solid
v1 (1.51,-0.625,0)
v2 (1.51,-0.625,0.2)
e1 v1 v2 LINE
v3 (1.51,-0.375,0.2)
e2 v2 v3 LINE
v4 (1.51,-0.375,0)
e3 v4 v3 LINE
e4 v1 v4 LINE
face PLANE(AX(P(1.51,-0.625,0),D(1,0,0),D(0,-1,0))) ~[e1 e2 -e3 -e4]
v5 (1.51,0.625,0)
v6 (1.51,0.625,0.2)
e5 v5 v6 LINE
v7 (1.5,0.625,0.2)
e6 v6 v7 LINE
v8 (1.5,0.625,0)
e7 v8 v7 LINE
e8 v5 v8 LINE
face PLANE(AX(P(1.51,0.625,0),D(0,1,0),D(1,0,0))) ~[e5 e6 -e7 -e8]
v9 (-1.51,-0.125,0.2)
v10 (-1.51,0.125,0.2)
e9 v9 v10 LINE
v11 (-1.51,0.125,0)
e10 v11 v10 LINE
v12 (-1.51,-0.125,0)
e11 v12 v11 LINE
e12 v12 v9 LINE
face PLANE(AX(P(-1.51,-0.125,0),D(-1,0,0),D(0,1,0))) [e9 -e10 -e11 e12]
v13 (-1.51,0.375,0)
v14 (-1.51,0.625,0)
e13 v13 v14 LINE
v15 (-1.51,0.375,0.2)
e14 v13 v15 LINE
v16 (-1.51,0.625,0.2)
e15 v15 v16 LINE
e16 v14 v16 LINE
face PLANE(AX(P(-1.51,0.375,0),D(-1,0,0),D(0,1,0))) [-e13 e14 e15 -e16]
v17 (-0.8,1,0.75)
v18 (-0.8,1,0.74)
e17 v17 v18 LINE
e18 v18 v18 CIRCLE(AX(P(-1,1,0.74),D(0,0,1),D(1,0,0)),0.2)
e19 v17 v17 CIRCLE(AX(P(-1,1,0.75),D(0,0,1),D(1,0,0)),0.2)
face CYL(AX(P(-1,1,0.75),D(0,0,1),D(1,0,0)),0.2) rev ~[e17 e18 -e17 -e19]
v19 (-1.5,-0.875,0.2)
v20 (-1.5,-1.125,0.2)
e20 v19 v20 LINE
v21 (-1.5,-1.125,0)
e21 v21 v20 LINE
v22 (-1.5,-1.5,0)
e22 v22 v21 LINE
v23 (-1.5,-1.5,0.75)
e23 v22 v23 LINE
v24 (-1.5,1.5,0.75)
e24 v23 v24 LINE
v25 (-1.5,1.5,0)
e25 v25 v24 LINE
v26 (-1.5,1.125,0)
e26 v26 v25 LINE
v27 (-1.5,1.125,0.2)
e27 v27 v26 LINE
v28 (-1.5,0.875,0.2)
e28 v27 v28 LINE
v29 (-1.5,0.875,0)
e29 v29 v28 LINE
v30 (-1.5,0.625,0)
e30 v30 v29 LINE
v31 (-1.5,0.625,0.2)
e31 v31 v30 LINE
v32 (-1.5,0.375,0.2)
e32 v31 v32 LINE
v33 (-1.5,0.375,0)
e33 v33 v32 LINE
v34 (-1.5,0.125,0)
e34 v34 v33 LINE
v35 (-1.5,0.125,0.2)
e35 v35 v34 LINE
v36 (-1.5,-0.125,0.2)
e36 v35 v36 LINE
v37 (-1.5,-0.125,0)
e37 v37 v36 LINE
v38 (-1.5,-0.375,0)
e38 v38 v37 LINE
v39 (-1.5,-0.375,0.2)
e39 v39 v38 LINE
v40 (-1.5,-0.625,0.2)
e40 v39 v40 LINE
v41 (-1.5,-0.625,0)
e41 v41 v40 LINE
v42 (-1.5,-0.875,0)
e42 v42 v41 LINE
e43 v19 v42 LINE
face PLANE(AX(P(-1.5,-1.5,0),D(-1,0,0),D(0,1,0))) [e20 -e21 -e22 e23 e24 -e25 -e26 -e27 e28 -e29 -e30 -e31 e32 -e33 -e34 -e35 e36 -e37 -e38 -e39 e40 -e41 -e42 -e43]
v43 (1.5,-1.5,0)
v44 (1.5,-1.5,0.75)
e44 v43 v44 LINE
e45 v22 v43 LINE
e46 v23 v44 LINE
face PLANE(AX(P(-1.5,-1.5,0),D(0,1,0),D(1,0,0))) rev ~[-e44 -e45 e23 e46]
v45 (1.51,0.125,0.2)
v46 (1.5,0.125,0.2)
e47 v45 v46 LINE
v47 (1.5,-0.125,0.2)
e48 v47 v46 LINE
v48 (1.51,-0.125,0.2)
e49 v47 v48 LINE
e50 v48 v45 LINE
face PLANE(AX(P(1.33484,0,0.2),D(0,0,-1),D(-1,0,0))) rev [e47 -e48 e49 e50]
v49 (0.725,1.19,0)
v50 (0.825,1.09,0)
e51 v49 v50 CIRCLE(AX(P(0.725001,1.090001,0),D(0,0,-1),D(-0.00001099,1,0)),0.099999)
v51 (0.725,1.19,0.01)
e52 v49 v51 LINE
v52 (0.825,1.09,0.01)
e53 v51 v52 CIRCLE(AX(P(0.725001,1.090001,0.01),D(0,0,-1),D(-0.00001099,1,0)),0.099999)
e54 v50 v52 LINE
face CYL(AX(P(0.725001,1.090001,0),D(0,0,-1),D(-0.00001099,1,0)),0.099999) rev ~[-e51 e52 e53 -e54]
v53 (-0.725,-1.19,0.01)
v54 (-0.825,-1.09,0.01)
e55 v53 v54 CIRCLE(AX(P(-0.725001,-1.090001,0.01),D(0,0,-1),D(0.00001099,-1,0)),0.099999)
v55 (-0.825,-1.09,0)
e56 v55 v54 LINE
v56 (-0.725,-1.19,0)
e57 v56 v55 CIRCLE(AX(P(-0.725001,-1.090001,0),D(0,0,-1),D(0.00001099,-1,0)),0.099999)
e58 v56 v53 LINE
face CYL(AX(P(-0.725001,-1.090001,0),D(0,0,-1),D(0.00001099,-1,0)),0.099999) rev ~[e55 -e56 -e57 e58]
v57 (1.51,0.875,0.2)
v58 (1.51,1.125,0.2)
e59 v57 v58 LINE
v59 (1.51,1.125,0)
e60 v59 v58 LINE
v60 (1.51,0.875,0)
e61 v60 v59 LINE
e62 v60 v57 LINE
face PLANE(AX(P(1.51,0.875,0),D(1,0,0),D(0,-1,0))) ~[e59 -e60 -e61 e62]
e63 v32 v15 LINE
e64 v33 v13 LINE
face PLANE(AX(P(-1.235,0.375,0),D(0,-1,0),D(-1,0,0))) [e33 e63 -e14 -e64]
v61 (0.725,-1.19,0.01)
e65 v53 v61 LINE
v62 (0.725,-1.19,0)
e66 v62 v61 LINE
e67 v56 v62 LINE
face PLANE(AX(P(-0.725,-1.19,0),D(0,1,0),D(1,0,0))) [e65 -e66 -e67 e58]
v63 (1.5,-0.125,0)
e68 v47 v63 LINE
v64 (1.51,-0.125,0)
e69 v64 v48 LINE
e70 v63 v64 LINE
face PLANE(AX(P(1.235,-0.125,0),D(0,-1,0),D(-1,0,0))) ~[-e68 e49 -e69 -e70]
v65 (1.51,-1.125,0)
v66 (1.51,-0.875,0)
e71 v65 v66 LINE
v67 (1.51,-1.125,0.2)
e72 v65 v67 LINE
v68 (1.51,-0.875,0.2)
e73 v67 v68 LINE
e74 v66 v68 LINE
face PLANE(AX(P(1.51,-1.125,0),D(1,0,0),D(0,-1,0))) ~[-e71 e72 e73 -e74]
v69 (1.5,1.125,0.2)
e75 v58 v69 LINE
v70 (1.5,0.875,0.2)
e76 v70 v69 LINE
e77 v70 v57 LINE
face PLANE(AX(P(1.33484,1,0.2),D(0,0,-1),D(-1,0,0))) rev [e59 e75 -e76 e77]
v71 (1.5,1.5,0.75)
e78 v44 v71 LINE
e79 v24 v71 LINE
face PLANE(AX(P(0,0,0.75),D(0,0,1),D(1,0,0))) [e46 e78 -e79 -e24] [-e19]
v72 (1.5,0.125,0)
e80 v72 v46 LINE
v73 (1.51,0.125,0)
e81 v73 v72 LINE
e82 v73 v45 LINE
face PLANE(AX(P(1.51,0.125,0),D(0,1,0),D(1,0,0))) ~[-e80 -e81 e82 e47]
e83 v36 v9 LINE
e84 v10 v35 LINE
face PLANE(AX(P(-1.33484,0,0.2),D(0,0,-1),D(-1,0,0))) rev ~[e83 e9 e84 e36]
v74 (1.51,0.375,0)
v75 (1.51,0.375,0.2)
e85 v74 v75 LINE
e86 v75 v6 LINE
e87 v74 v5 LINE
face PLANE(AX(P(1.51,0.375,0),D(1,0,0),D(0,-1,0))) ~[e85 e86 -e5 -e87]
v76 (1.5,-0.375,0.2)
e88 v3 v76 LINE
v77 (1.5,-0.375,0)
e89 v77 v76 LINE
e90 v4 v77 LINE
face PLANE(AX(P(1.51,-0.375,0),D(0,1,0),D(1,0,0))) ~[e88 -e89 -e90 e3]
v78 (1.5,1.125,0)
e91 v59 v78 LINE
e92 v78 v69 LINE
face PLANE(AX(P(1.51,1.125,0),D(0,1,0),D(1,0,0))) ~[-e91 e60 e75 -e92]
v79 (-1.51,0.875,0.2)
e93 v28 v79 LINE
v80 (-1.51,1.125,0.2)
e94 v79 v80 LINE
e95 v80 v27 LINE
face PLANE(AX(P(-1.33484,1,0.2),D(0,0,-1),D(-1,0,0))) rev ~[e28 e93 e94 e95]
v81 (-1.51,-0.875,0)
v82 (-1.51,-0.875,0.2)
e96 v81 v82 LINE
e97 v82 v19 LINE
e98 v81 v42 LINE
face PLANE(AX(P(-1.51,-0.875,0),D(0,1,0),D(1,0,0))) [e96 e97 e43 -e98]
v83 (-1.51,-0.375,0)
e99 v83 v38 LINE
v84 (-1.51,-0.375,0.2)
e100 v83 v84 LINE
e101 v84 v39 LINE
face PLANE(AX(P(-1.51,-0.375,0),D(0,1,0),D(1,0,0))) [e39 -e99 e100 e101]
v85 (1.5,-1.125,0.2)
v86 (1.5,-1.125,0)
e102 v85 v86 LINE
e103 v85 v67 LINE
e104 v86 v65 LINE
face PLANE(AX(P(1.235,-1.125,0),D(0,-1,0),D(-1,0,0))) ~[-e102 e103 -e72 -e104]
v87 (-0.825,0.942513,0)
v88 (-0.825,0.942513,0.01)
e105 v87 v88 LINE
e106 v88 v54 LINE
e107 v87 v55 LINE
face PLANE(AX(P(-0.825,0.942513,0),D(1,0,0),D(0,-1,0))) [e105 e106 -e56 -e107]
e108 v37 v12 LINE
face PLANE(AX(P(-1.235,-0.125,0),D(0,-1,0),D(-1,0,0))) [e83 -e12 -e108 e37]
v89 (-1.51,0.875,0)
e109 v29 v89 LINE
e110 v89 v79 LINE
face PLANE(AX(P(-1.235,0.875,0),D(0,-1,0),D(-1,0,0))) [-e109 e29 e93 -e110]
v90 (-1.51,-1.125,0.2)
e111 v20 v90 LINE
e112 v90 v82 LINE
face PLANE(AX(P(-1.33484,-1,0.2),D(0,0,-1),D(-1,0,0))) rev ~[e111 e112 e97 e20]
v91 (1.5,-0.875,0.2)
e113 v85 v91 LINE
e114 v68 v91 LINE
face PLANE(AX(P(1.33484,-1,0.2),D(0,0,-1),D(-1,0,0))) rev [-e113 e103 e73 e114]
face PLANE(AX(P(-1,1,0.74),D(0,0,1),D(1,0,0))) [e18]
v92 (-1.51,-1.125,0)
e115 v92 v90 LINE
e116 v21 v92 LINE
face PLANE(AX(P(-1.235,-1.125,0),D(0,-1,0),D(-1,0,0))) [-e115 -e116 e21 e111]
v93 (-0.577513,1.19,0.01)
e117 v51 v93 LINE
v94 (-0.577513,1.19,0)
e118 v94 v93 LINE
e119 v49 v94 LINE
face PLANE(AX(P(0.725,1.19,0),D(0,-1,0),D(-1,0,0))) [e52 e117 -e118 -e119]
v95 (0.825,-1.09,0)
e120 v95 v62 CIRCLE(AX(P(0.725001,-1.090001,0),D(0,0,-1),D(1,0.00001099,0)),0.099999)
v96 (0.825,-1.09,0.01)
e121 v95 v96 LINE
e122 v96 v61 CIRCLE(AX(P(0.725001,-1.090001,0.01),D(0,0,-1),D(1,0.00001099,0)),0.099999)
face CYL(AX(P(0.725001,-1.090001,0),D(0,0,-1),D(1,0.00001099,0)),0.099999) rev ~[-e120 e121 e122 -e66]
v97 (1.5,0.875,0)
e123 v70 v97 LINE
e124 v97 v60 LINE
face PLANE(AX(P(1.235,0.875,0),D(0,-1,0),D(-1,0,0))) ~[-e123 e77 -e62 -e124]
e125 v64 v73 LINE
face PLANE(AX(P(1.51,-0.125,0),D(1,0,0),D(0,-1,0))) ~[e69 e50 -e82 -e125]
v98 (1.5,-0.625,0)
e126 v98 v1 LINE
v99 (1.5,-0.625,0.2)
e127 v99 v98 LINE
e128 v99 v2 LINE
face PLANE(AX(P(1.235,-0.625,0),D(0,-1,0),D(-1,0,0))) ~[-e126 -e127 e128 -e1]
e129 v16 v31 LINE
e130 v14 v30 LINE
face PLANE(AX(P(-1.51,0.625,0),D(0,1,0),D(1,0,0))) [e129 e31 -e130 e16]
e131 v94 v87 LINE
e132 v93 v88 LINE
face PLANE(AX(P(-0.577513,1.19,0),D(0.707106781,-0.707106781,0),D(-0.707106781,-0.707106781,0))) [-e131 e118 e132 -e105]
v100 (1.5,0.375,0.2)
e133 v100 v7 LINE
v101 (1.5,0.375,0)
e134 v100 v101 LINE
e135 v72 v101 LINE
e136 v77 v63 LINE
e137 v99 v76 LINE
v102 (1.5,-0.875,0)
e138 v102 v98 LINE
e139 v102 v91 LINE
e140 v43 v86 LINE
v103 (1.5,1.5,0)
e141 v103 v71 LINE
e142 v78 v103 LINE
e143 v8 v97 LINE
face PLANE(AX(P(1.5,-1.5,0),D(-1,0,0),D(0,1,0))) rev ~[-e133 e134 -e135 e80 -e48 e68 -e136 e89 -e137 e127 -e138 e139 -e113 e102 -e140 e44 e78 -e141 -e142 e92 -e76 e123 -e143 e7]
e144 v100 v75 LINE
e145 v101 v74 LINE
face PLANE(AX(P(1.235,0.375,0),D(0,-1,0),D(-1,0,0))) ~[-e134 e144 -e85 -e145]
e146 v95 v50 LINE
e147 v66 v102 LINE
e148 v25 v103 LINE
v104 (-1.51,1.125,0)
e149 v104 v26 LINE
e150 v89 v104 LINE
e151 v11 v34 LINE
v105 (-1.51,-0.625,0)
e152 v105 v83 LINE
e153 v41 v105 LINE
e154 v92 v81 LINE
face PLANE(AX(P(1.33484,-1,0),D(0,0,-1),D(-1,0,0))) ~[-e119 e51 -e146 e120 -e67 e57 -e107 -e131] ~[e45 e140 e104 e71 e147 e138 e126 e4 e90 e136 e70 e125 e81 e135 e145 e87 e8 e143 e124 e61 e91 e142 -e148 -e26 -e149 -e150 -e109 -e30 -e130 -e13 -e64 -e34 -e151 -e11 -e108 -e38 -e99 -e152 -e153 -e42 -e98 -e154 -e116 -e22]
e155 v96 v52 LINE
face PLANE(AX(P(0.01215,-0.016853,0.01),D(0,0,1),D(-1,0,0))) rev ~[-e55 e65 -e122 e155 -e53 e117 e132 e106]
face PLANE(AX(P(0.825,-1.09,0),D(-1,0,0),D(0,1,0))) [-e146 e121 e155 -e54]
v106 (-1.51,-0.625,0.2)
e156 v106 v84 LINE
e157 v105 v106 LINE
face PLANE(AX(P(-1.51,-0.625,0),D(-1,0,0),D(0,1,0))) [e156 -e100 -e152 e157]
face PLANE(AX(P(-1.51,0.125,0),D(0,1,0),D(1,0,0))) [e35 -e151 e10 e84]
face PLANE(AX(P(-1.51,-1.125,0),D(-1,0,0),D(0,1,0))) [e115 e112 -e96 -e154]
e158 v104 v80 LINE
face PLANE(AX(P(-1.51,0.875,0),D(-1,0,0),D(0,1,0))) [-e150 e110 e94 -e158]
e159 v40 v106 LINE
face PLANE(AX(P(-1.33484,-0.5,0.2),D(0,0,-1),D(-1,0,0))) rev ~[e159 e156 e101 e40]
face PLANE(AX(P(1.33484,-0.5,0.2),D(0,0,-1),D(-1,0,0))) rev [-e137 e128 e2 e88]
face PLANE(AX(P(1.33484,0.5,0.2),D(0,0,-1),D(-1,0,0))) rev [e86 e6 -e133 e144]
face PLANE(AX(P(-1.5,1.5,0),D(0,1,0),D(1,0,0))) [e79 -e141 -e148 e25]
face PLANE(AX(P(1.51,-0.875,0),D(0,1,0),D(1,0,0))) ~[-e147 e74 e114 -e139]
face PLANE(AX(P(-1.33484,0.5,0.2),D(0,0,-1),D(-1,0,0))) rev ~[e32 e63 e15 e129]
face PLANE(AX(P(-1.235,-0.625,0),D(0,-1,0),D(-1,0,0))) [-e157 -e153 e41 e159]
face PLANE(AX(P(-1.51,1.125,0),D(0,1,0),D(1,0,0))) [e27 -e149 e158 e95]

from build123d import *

# Parameters (mm, degrees)
SKETCH001_W               = 3
SKETCH001_H               = 3
PAD001_DEPTH              = 0.75
PAD_DEPTH                 = 0.2
PAD_LINEARPATTERN_2_DEPTH = 0.2
PAD_LINEARPATTERN_3_DEPTH = 0.2
PAD_LINEARPATTERN_4_DEPTH = 0.2
PAD_LINEARPATTERN_5_DEPTH = 0.2
SKETCH002_R               = 0.2
POCKET_DEPTH              = 0.01
POCKET001_DEPTH           = 0.01


with BuildPart() as part:
    # Sketch001 → Pad001 (new body)
    with BuildSketch(Plane.XY):
        Rectangle(SKETCH001_W, SKETCH001_H)
    extrude(amount=PAD001_DEPTH)

    # Sketch → Pad (join)
    with BuildSketch(Plane.XY):
        with BuildLine():
            Line((-1.51, 1.125), (-1.235, 1.125))
            ThreePointArc((-1.235, 0.875), (-1.11, 1), (-1.235, 1.125))
            Line((-1.235, 0.875), (-1.51, 0.875))
            Line((-1.51, 0.875), (-1.51, 1.125))
        make_face()
    pad = extrude(amount=PAD_DEPTH)

    # Sketch LinearPattern 2 → Pad LinearPattern 2 (add)
    with BuildSketch(Plane(origin=(0, -0.5, 0), x_dir=(1, 0, 0), z_dir=(0, 0, 1))):
        with BuildLine():
            Line((-1.51, 1.125), (-1.235, 1.125))
            ThreePointArc((-1.235, 0.875), (-1.11, 1), (-1.235, 1.125))
            Line((-1.235, 0.875), (-1.51, 0.875))
            Line((-1.51, 0.875), (-1.51, 1.125))
        make_face()
    pad_linearpattern_2 = extrude(amount=PAD_LINEARPATTERN_2_DEPTH)

    # Sketch LinearPattern 3 → Pad LinearPattern 3 (add)
    with BuildSketch(Plane(origin=(0, -1, 0), x_dir=(1, 0, 0), z_dir=(0, 0, 1))):
        with BuildLine():
            Line((-1.51, 1.125), (-1.235, 1.125))
            ThreePointArc((-1.235, 0.875), (-1.11, 1), (-1.235, 1.125))
            Line((-1.235, 0.875), (-1.51, 0.875))
            Line((-1.51, 0.875), (-1.51, 1.125))
        make_face()
    pad_linearpattern_3 = extrude(amount=PAD_LINEARPATTERN_3_DEPTH)

    # Sketch LinearPattern 4 → Pad LinearPattern 4 (add)
    with BuildSketch(Plane(origin=(0, -1.5, 0), x_dir=(1, 0, 0), z_dir=(0, 0, 1))):
        with BuildLine():
            Line((-1.51, 1.125), (-1.235, 1.125))
            ThreePointArc((-1.235, 0.875), (-1.11, 1), (-1.235, 1.125))
            Line((-1.235, 0.875), (-1.51, 0.875))
            Line((-1.51, 0.875), (-1.51, 1.125))
        make_face()
    pad_linearpattern_4 = extrude(amount=PAD_LINEARPATTERN_4_DEPTH)

    # Sketch LinearPattern 5 → Pad LinearPattern 5 (add)
    with BuildSketch(Plane(origin=(0, -2, 0), x_dir=(1, 0, 0), z_dir=(0, 0, 1))):
        with BuildLine():
            Line((-1.51, 1.125), (-1.235, 1.125))
            ThreePointArc((-1.235, 0.875), (-1.11, 1), (-1.235, 1.125))
            Line((-1.235, 0.875), (-1.51, 0.875))
            Line((-1.51, 0.875), (-1.51, 1.125))
        make_face()
    pad_linearpattern_5 = extrude(amount=PAD_LINEARPATTERN_5_DEPTH)

    # Mirrored: Pad, Pad LinearPattern 2, Pad LinearPattern 3, Pad LinearPattern 4, Pad LinearPattern 5 across Sketch V_Axis
    add(pad.mirror(Plane(origin=(0, 0, 0), x_dir=(0, 0, 1), z_dir=(1, 0, 0))))
    add(pad_linearpattern_2.mirror(Plane(origin=(0, 0, 0), x_dir=(0, 0, 1), z_dir=(1, 0, 0))))
    add(pad_linearpattern_3.mirror(Plane(origin=(0, 0, 0), x_dir=(0, 0, 1), z_dir=(1, 0, 0))))
    add(pad_linearpattern_4.mirror(Plane(origin=(0, 0, 0), x_dir=(0, 0, 1), z_dir=(1, 0, 0))))
    add(pad_linearpattern_5.mirror(Plane(origin=(0, 0, 0), x_dir=(0, 0, 1), z_dir=(1, 0, 0))))

    # Sketch002 (on Face19 of MultiTransform) → Pocket (cut)
    with BuildSketch(Plane.XY.offset(0.75)):
        with Locations((-1, 1)):
            Circle(SKETCH002_R)
    extrude(amount=-POCKET_DEPTH, mode=Mode.SUBTRACT)

    # Sketch003 (on Face2 of Pocket) → Pocket001 (cut)
    with BuildSketch(Plane(origin=(0, 0, 0), x_dir=(1, 0, 0), z_dir=(0, 0, -1))):
        with BuildLine():
            Line((0.725, -1.19), (-0.577513, -1.19))
            Line((-0.577513, -1.19), (-0.825, -0.942513))
            Line((-0.825, -0.942513), (-0.825, 1.09))
            ThreePointArc((-0.725, 1.19), (-0.795711, 1.160711), (-0.825, 1.09))
            Line((-0.725, 1.19), (0.725, 1.19))
            ThreePointArc((0.825, 1.09), (0.795711, 1.160711), (0.725, 1.19))
            Line((0.825, 1.09), (0.825, -1.09))
            ThreePointArc((0.725, -1.19), (0.795711, -1.160711), (0.825, -1.09))
        make_face()
    extrude(amount=-POCKET001_DEPTH, mode=Mode.SUBTRACT)


solid = part.part
